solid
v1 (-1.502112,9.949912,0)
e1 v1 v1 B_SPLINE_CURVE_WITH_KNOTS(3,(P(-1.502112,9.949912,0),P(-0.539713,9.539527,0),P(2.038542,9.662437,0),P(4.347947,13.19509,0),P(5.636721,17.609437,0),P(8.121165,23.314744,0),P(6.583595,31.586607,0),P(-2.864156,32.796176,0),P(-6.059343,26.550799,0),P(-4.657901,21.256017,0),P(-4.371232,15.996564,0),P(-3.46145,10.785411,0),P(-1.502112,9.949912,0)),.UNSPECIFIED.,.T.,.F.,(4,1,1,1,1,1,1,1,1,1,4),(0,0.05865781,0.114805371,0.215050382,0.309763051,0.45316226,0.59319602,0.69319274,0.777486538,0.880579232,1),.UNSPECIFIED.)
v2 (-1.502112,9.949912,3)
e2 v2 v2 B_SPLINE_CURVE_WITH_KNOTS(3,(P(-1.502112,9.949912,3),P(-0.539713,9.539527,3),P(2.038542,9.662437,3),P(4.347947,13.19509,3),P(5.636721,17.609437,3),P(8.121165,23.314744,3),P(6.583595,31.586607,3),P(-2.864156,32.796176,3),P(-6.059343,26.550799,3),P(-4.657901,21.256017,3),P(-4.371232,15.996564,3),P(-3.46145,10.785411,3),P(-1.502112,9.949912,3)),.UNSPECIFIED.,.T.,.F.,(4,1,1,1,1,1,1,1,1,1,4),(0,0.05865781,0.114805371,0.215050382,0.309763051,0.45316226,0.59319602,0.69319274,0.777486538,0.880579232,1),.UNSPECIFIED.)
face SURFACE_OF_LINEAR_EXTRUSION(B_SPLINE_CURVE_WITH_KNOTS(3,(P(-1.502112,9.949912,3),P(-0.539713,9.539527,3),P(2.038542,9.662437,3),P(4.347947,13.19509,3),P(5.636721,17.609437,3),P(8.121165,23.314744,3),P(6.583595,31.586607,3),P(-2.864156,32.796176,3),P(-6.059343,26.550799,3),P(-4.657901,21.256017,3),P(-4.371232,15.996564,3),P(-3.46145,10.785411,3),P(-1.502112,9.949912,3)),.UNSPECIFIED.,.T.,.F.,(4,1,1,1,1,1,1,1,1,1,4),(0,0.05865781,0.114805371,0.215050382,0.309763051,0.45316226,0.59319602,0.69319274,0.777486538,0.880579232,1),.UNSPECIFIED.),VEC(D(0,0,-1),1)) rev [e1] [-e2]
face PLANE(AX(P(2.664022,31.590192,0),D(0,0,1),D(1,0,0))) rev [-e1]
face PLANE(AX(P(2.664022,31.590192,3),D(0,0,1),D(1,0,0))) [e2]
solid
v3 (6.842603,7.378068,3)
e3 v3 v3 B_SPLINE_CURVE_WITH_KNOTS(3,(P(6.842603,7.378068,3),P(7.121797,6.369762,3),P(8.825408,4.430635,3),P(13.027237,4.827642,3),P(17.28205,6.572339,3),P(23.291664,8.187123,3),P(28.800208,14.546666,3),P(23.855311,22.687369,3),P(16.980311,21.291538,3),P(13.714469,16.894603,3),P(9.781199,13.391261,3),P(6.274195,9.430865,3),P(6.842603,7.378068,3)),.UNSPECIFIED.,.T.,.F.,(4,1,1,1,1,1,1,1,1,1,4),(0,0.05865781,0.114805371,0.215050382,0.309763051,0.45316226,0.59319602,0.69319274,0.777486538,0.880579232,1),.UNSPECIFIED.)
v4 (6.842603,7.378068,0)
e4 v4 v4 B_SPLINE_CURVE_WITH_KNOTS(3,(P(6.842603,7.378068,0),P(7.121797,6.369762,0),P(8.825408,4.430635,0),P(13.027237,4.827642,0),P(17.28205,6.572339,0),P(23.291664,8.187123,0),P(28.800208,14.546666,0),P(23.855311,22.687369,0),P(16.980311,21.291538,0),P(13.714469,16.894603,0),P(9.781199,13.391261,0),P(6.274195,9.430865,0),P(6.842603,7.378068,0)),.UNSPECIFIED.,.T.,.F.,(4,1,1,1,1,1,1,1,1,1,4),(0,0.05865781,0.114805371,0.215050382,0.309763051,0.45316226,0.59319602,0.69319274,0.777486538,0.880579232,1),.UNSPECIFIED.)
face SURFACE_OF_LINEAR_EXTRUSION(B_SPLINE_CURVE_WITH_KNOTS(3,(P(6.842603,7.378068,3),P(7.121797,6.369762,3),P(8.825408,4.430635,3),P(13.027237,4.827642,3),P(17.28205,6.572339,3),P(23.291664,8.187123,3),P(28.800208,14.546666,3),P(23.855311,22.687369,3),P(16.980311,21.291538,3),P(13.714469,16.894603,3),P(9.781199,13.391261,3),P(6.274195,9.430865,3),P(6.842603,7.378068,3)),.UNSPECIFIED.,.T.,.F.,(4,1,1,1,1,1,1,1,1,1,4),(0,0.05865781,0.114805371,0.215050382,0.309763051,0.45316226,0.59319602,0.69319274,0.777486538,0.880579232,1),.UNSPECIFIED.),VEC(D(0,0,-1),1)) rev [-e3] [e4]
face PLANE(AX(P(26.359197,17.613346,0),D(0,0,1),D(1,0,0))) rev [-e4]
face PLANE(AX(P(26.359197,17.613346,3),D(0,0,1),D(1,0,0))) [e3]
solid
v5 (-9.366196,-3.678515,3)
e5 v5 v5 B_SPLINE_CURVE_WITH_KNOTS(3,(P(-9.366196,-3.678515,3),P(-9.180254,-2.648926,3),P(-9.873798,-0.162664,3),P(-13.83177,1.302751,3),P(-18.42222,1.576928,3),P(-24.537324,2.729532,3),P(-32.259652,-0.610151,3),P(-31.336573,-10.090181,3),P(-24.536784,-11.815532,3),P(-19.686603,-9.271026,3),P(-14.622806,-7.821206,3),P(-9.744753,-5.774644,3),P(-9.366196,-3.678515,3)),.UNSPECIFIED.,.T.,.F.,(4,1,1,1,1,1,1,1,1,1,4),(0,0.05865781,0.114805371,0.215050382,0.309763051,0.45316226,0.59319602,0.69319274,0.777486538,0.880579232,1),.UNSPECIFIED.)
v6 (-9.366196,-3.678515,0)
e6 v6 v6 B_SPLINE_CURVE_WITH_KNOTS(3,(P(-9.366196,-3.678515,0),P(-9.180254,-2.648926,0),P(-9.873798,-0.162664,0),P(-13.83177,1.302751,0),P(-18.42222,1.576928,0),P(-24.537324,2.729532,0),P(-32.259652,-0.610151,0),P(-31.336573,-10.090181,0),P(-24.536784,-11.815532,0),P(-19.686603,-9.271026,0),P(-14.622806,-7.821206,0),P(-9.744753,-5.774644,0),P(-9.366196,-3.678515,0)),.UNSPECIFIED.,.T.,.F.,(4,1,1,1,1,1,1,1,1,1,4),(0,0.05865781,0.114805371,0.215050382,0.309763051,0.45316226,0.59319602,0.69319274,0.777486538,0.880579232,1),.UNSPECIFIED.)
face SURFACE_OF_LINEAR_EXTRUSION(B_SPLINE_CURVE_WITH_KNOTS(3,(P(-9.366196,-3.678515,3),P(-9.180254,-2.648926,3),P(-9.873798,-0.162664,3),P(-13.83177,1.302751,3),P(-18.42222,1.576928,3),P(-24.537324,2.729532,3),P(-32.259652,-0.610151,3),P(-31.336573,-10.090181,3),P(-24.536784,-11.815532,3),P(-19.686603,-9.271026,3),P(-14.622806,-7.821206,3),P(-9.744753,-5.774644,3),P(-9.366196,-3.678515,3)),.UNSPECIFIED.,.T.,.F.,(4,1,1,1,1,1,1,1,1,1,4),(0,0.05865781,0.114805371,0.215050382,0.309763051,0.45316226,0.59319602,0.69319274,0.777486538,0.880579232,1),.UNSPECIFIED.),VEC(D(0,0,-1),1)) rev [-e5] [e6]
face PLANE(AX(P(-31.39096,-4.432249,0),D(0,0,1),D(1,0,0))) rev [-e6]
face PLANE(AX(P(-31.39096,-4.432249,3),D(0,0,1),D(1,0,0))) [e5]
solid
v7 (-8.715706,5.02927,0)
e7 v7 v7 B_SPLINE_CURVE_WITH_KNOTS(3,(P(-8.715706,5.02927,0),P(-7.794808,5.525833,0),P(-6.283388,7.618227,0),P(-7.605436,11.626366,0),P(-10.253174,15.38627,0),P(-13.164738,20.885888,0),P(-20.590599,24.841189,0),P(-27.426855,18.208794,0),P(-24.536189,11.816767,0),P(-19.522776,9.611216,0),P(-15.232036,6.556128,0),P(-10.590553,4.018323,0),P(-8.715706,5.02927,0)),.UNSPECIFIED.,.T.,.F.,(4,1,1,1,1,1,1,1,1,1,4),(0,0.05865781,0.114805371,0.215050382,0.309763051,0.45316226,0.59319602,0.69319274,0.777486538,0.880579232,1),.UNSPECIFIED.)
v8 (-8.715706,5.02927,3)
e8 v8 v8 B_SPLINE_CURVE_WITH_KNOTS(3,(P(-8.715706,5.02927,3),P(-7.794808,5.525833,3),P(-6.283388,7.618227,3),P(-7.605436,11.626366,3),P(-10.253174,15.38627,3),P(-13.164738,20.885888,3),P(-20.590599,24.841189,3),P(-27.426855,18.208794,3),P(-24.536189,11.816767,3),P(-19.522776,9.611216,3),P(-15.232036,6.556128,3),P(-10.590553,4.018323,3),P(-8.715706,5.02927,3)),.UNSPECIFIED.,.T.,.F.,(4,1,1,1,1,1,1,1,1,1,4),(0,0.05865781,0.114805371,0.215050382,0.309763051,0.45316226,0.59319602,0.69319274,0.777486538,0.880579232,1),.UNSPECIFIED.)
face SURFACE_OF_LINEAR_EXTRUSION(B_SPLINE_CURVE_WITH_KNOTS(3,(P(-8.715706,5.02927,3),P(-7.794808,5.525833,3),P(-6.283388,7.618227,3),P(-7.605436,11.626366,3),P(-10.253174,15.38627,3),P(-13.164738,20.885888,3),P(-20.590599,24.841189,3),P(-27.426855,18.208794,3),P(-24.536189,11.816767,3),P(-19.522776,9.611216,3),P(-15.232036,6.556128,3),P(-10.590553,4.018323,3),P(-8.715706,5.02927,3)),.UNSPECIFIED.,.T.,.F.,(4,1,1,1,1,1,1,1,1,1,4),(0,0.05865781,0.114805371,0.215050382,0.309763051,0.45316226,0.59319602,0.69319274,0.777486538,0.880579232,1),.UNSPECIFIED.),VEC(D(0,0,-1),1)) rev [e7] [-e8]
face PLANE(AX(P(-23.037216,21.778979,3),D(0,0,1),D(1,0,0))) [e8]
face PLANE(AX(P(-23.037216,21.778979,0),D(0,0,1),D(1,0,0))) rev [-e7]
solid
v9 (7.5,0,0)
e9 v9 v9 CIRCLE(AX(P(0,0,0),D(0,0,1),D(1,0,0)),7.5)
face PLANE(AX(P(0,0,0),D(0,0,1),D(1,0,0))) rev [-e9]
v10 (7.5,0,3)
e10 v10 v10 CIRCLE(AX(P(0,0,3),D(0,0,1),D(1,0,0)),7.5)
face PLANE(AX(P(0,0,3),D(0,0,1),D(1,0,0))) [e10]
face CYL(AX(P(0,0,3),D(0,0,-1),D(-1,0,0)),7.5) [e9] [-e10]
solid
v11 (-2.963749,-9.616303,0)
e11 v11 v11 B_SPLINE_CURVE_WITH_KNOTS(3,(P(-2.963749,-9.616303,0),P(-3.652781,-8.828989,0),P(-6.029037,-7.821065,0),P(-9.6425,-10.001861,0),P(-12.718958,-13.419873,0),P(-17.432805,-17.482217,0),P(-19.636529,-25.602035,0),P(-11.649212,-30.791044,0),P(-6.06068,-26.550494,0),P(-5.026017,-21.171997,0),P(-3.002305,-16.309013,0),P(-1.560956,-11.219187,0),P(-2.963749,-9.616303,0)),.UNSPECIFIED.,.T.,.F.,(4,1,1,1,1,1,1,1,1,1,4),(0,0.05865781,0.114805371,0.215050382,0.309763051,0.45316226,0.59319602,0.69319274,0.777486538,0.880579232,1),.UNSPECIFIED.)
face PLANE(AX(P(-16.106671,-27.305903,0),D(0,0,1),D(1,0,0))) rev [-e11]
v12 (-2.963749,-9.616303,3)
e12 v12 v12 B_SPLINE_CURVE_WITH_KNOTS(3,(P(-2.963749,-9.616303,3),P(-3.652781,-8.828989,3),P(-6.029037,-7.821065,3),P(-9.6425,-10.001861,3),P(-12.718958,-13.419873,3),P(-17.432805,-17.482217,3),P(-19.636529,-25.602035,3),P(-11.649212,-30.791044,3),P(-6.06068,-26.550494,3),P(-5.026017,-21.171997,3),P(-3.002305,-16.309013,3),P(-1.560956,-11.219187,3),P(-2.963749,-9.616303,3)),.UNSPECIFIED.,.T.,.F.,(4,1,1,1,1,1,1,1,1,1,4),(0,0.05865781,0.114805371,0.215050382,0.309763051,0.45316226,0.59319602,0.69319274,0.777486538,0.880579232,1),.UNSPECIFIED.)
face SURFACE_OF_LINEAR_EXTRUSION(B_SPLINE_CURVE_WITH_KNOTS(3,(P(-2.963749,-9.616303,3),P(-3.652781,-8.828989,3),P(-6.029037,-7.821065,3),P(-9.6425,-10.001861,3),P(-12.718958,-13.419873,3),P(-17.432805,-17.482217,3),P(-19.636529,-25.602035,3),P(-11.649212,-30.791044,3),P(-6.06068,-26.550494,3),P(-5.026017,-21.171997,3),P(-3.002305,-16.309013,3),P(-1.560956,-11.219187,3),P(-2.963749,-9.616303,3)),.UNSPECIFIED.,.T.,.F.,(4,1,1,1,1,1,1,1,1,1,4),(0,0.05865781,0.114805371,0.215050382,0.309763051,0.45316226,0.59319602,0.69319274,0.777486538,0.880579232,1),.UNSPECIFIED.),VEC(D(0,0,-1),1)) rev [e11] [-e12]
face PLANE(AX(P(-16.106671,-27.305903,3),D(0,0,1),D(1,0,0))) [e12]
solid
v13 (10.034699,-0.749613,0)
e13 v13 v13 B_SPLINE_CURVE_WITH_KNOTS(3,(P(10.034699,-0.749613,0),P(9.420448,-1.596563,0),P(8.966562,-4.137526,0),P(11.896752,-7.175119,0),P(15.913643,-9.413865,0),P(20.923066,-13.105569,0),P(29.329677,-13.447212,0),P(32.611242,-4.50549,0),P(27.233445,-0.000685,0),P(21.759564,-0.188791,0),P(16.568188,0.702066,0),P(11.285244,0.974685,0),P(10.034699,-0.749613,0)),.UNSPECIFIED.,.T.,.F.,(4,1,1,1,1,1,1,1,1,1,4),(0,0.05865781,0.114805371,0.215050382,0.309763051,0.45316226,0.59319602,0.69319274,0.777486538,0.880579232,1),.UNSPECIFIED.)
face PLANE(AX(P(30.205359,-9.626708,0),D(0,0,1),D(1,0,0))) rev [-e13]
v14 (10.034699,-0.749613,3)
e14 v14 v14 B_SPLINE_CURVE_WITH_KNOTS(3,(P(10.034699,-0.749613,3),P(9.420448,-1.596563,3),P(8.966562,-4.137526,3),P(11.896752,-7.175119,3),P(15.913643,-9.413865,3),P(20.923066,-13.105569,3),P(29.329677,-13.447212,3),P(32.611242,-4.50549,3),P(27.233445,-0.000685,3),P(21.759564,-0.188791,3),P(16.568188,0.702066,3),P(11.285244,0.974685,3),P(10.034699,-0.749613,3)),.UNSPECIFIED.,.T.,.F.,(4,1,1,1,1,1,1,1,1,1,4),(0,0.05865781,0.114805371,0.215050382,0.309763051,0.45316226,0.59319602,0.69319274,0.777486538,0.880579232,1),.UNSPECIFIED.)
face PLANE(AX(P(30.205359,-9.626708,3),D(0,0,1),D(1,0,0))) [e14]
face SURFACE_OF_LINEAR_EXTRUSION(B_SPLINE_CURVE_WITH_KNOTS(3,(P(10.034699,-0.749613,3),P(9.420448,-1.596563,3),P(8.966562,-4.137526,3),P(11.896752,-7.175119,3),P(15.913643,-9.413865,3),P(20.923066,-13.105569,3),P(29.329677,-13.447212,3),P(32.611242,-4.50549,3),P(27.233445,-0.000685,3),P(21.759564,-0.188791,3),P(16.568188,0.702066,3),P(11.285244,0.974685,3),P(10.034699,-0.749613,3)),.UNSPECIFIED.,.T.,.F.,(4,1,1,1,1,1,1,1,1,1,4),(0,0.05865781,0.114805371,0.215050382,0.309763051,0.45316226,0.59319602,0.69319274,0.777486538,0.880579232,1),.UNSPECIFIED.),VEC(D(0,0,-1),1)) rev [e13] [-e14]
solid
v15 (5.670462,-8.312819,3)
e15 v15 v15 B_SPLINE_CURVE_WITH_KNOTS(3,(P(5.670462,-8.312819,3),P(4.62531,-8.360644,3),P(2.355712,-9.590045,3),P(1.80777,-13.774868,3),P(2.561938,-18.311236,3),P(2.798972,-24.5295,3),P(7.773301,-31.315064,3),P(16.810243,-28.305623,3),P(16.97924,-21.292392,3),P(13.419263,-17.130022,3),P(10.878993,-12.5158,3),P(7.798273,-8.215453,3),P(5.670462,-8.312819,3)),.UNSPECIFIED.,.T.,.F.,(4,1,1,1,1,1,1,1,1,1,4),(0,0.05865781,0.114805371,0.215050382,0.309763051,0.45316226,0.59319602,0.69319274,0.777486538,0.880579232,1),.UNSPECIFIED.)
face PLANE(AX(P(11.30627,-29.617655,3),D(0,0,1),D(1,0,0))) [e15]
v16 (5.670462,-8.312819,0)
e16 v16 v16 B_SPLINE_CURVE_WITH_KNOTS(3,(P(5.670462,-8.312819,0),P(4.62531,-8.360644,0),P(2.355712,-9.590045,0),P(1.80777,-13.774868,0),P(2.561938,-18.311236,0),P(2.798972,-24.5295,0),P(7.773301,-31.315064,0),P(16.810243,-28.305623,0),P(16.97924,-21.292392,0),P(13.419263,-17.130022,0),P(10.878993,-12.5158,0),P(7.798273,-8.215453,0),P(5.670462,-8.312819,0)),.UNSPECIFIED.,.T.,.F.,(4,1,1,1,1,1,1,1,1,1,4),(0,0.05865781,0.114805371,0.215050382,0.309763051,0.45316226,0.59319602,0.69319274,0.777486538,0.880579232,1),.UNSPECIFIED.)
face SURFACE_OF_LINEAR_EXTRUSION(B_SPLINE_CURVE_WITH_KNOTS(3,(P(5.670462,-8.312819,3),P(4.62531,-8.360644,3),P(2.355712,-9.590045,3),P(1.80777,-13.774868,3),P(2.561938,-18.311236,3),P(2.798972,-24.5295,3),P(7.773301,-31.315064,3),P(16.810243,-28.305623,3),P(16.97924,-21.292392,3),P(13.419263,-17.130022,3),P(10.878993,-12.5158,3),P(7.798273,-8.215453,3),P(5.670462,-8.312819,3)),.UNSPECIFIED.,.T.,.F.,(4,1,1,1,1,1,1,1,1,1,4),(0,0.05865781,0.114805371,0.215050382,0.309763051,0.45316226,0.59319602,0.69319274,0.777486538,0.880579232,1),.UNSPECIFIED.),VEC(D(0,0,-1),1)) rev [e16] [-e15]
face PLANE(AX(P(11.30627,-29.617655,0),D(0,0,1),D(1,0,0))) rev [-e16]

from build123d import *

# Parameters (mm, degrees)
SKETCH_1_R        = 7.5
EXTRUDE_1_DEPTH   = 3
EXTRUDE_2_DEPTH   = 3
EXTRUDE_2_2_DEPTH = 3
EXTRUDE_2_3_DEPTH = 3
EXTRUDE_2_4_DEPTH = 3
EXTRUDE_2_5_DEPTH = 3
EXTRUDE_2_6_DEPTH = 3
EXTRUDE_2_7_DEPTH = 3


with BuildPart() as part:
    # Эскиз1 → Бобышка-Вытянуть1 (new body)
    with BuildSketch(Plane.XY):
        Circle(SKETCH_1_R)
    extrude(amount=EXTRUDE_1_DEPTH)


with BuildPart() as body_2:
    # Эскиз2 → Бобышка-Вытянуть2 (new body)
    with BuildSketch(Plane.XY):
        with BuildLine():
            add(Edge.make_bspline(
                [(-1.502112327, 9.949912266), (-3.461450161, 10.785411336), (-4.371231961, 15.996564274), (-4.657900563, 21.256016574), (-6.059343405, 26.550798593), (-2.864155939, 32.796176063), (6.583594841, 31.586606932), (8.121164745, 23.314744258), (5.636720749, 17.609436863), (4.347946989, 13.195089565), (2.038541561, 9.662437351), (-0.539712999, 9.539526814), (-1.502112327, 9.949912266)],
                knots=[0, 0, 0, 0, 0.119420768, 0.222513462, 0.30680726, 0.40680398, 0.54683774, 0.690236949, 0.784949618, 0.885194629, 0.94134219, 1, 1, 1, 1], degree=3))
        make_face()
    extrude(amount=EXTRUDE_2_DEPTH)


with BuildPart() as body_3:
    # Эскиз2 → Extrude 2 2 (new body)
    with BuildSketch(Plane.XY):
        with BuildLine():
            add(Edge.make_bspline(
                [(6.842602941, 7.378067535), (6.274195259, 9.430864688), (9.781199011, 13.391261454), (13.71446945, 16.894602865), (16.980311406, 21.291537591), (23.855310932, 22.687368598), (28.800207967, 14.546665583), (23.291664464, 8.187123006), (17.282050031, 6.572338561), (13.027237042, 4.827641938), (8.825407592, 4.430635179), (7.121796841, 6.369762297), (6.842602941, 7.378067535)],
                knots=[0, 0, 0, 0, 0.119420768, 0.222513462, 0.30680726, 0.40680398, 0.54683774, 0.690236949, 0.784949618, 0.885194629, 0.94134219, 1, 1, 1, 1], degree=3))
        make_face()
    extrude(amount=EXTRUDE_2_2_DEPTH)


with BuildPart() as body_4:
    # Эскиз2 → Extrude 2 3 (new body)
    with BuildSketch(Plane.XY):
        with BuildLine():
            add(Edge.make_bspline(
                [(10.03469863, -0.749612536), (11.285243678, 0.974684575), (16.568187628, 0.702065627), (21.759564244, -0.188791389), (27.233445393, -0.000685486), (32.611242111, -4.505490158), (29.329677076, -13.447211648), (20.923065778, -13.105568856), (15.91364315, -9.413864729), (11.896751896, -7.175118534), (8.966561701, -4.137525652), (9.420448401, -1.596563149), (10.03469863, -0.749612536)],
                knots=[0, 0, 0, 0, 0.119420768, 0.222513462, 0.30680726, 0.40680398, 0.54683774, 0.690236949, 0.784949618, 0.885194629, 0.94134219, 1, 1, 1, 1], degree=3))
        make_face()
    extrude(amount=EXTRUDE_2_3_DEPTH)


with BuildPart() as body_5:
    # Эскиз2 → Extrude 2 4 (new body)
    with BuildSketch(Plane.XY):
        with BuildLine():
            add(Edge.make_bspline(
                [(5.67046158, -8.312819077), (7.798273431, -8.215452902), (10.878993031, -12.515799936), (13.419263347, -17.130021876), (16.979239538, -21.292392378), (16.810242832, -28.305622931), (7.773301131, -31.315064235), (2.798971809, -24.529500065), (2.561938398, -18.31123587), (1.807769922, -13.774868404), (2.355711964, -9.590045276), (4.625310173, -8.36064398), (5.67046158, -8.312819077)],
                knots=[0, 0, 0, 0, 0.119420768, 0.222513462, 0.30680726, 0.40680398, 0.54683774, 0.690236949, 0.784949618, 0.885194629, 0.94134219, 1, 1, 1, 1], degree=3))
        make_face()
    extrude(amount=EXTRUDE_2_4_DEPTH)


with BuildPart() as body_6:
    # Эскиз2 → Extrude 2 5 (new body)
    with BuildSketch(Plane.XY):
        with BuildLine():
            add(Edge.make_bspline(
                [(-2.963748696, -9.616303303), (-1.560955765, -11.21918678), (-3.002305209, -16.309012872), (-5.026016553, -21.171996502), (-6.060680003, -26.550493524), (-11.649212165, -30.791044307), (-19.636529112, -25.602034742), (-17.432805021, -17.482217414), (-12.718958222, -13.41987292), (-9.642499675, -10.00186141), (-6.029036929, -7.821065206), (-3.652780954, -8.828989368), (-2.963748696, -9.616303303)],
                knots=[0, 0, 0, 0, 0.119420768, 0.222513462, 0.30680726, 0.40680398, 0.54683774, 0.690236949, 0.784949618, 0.885194629, 0.94134219, 1, 1, 1, 1], degree=3))
        make_face()
    extrude(amount=EXTRUDE_2_5_DEPTH)


with BuildPart() as body_7:
    # Эскиз2 → Extrude 2 6 (new body)
    with BuildSketch(Plane.XY):
        with BuildLine():
            add(Edge.make_bspline(
                [(-9.366195754, -3.678515005), (-9.744753433, -5.774644182), (-14.622806391, -7.821206472), (-19.686603476, -9.271025932), (-24.536783886, -11.815531515), (-31.336572802, -10.090181297), (-32.259652422, -0.610150902), (-24.537324106, 2.729531522), (-18.422219881, 1.576928054), (-13.831770345, 1.302751227), (-9.873798045, -0.162663516), (-9.18025352, -2.648925683), (-9.366195754, -3.678515005)],
                knots=[0, 0, 0, 0, 0.119420768, 0.222513462, 0.30680726, 0.40680398, 0.54683774, 0.690236949, 0.784949618, 0.885194629, 0.94134219, 1, 1, 1, 1], degree=3))
        make_face()
    extrude(amount=EXTRUDE_2_6_DEPTH)


with BuildPart() as body_8:
    # Эскиз2 → Extrude 2 7 (new body)
    with BuildSketch(Plane.XY):
        with BuildLine():
            add(Edge.make_bspline(
                [(-8.715706375, 5.02927012), (-10.590553009, 4.018323266), (-15.23203611, 6.556127925), (-19.522776449, 9.611216259), (-24.536189044, 11.816766717), (-27.426854969, 18.208794031), (-20.590599481, 24.841189012), (-13.164737669, 20.88588755), (-10.253174225, 15.38627004), (-7.605435829, 11.626365618), (-6.283387844, 7.61822712), (-7.794807942, 5.525833069), (-8.715706375, 5.02927012)],
                knots=[0, 0, 0, 0, 0.119420768, 0.222513462, 0.30680726, 0.40680398, 0.54683774, 0.690236949, 0.784949618, 0.885194629, 0.94134219, 1, 1, 1, 1], degree=3))
        make_face()
    extrude(amount=EXTRUDE_2_7_DEPTH)


solid = Compound([part.part, body_2.part, body_3.part, body_4.part, body_5.part, body_6.part, body_7.part, body_8.part])
